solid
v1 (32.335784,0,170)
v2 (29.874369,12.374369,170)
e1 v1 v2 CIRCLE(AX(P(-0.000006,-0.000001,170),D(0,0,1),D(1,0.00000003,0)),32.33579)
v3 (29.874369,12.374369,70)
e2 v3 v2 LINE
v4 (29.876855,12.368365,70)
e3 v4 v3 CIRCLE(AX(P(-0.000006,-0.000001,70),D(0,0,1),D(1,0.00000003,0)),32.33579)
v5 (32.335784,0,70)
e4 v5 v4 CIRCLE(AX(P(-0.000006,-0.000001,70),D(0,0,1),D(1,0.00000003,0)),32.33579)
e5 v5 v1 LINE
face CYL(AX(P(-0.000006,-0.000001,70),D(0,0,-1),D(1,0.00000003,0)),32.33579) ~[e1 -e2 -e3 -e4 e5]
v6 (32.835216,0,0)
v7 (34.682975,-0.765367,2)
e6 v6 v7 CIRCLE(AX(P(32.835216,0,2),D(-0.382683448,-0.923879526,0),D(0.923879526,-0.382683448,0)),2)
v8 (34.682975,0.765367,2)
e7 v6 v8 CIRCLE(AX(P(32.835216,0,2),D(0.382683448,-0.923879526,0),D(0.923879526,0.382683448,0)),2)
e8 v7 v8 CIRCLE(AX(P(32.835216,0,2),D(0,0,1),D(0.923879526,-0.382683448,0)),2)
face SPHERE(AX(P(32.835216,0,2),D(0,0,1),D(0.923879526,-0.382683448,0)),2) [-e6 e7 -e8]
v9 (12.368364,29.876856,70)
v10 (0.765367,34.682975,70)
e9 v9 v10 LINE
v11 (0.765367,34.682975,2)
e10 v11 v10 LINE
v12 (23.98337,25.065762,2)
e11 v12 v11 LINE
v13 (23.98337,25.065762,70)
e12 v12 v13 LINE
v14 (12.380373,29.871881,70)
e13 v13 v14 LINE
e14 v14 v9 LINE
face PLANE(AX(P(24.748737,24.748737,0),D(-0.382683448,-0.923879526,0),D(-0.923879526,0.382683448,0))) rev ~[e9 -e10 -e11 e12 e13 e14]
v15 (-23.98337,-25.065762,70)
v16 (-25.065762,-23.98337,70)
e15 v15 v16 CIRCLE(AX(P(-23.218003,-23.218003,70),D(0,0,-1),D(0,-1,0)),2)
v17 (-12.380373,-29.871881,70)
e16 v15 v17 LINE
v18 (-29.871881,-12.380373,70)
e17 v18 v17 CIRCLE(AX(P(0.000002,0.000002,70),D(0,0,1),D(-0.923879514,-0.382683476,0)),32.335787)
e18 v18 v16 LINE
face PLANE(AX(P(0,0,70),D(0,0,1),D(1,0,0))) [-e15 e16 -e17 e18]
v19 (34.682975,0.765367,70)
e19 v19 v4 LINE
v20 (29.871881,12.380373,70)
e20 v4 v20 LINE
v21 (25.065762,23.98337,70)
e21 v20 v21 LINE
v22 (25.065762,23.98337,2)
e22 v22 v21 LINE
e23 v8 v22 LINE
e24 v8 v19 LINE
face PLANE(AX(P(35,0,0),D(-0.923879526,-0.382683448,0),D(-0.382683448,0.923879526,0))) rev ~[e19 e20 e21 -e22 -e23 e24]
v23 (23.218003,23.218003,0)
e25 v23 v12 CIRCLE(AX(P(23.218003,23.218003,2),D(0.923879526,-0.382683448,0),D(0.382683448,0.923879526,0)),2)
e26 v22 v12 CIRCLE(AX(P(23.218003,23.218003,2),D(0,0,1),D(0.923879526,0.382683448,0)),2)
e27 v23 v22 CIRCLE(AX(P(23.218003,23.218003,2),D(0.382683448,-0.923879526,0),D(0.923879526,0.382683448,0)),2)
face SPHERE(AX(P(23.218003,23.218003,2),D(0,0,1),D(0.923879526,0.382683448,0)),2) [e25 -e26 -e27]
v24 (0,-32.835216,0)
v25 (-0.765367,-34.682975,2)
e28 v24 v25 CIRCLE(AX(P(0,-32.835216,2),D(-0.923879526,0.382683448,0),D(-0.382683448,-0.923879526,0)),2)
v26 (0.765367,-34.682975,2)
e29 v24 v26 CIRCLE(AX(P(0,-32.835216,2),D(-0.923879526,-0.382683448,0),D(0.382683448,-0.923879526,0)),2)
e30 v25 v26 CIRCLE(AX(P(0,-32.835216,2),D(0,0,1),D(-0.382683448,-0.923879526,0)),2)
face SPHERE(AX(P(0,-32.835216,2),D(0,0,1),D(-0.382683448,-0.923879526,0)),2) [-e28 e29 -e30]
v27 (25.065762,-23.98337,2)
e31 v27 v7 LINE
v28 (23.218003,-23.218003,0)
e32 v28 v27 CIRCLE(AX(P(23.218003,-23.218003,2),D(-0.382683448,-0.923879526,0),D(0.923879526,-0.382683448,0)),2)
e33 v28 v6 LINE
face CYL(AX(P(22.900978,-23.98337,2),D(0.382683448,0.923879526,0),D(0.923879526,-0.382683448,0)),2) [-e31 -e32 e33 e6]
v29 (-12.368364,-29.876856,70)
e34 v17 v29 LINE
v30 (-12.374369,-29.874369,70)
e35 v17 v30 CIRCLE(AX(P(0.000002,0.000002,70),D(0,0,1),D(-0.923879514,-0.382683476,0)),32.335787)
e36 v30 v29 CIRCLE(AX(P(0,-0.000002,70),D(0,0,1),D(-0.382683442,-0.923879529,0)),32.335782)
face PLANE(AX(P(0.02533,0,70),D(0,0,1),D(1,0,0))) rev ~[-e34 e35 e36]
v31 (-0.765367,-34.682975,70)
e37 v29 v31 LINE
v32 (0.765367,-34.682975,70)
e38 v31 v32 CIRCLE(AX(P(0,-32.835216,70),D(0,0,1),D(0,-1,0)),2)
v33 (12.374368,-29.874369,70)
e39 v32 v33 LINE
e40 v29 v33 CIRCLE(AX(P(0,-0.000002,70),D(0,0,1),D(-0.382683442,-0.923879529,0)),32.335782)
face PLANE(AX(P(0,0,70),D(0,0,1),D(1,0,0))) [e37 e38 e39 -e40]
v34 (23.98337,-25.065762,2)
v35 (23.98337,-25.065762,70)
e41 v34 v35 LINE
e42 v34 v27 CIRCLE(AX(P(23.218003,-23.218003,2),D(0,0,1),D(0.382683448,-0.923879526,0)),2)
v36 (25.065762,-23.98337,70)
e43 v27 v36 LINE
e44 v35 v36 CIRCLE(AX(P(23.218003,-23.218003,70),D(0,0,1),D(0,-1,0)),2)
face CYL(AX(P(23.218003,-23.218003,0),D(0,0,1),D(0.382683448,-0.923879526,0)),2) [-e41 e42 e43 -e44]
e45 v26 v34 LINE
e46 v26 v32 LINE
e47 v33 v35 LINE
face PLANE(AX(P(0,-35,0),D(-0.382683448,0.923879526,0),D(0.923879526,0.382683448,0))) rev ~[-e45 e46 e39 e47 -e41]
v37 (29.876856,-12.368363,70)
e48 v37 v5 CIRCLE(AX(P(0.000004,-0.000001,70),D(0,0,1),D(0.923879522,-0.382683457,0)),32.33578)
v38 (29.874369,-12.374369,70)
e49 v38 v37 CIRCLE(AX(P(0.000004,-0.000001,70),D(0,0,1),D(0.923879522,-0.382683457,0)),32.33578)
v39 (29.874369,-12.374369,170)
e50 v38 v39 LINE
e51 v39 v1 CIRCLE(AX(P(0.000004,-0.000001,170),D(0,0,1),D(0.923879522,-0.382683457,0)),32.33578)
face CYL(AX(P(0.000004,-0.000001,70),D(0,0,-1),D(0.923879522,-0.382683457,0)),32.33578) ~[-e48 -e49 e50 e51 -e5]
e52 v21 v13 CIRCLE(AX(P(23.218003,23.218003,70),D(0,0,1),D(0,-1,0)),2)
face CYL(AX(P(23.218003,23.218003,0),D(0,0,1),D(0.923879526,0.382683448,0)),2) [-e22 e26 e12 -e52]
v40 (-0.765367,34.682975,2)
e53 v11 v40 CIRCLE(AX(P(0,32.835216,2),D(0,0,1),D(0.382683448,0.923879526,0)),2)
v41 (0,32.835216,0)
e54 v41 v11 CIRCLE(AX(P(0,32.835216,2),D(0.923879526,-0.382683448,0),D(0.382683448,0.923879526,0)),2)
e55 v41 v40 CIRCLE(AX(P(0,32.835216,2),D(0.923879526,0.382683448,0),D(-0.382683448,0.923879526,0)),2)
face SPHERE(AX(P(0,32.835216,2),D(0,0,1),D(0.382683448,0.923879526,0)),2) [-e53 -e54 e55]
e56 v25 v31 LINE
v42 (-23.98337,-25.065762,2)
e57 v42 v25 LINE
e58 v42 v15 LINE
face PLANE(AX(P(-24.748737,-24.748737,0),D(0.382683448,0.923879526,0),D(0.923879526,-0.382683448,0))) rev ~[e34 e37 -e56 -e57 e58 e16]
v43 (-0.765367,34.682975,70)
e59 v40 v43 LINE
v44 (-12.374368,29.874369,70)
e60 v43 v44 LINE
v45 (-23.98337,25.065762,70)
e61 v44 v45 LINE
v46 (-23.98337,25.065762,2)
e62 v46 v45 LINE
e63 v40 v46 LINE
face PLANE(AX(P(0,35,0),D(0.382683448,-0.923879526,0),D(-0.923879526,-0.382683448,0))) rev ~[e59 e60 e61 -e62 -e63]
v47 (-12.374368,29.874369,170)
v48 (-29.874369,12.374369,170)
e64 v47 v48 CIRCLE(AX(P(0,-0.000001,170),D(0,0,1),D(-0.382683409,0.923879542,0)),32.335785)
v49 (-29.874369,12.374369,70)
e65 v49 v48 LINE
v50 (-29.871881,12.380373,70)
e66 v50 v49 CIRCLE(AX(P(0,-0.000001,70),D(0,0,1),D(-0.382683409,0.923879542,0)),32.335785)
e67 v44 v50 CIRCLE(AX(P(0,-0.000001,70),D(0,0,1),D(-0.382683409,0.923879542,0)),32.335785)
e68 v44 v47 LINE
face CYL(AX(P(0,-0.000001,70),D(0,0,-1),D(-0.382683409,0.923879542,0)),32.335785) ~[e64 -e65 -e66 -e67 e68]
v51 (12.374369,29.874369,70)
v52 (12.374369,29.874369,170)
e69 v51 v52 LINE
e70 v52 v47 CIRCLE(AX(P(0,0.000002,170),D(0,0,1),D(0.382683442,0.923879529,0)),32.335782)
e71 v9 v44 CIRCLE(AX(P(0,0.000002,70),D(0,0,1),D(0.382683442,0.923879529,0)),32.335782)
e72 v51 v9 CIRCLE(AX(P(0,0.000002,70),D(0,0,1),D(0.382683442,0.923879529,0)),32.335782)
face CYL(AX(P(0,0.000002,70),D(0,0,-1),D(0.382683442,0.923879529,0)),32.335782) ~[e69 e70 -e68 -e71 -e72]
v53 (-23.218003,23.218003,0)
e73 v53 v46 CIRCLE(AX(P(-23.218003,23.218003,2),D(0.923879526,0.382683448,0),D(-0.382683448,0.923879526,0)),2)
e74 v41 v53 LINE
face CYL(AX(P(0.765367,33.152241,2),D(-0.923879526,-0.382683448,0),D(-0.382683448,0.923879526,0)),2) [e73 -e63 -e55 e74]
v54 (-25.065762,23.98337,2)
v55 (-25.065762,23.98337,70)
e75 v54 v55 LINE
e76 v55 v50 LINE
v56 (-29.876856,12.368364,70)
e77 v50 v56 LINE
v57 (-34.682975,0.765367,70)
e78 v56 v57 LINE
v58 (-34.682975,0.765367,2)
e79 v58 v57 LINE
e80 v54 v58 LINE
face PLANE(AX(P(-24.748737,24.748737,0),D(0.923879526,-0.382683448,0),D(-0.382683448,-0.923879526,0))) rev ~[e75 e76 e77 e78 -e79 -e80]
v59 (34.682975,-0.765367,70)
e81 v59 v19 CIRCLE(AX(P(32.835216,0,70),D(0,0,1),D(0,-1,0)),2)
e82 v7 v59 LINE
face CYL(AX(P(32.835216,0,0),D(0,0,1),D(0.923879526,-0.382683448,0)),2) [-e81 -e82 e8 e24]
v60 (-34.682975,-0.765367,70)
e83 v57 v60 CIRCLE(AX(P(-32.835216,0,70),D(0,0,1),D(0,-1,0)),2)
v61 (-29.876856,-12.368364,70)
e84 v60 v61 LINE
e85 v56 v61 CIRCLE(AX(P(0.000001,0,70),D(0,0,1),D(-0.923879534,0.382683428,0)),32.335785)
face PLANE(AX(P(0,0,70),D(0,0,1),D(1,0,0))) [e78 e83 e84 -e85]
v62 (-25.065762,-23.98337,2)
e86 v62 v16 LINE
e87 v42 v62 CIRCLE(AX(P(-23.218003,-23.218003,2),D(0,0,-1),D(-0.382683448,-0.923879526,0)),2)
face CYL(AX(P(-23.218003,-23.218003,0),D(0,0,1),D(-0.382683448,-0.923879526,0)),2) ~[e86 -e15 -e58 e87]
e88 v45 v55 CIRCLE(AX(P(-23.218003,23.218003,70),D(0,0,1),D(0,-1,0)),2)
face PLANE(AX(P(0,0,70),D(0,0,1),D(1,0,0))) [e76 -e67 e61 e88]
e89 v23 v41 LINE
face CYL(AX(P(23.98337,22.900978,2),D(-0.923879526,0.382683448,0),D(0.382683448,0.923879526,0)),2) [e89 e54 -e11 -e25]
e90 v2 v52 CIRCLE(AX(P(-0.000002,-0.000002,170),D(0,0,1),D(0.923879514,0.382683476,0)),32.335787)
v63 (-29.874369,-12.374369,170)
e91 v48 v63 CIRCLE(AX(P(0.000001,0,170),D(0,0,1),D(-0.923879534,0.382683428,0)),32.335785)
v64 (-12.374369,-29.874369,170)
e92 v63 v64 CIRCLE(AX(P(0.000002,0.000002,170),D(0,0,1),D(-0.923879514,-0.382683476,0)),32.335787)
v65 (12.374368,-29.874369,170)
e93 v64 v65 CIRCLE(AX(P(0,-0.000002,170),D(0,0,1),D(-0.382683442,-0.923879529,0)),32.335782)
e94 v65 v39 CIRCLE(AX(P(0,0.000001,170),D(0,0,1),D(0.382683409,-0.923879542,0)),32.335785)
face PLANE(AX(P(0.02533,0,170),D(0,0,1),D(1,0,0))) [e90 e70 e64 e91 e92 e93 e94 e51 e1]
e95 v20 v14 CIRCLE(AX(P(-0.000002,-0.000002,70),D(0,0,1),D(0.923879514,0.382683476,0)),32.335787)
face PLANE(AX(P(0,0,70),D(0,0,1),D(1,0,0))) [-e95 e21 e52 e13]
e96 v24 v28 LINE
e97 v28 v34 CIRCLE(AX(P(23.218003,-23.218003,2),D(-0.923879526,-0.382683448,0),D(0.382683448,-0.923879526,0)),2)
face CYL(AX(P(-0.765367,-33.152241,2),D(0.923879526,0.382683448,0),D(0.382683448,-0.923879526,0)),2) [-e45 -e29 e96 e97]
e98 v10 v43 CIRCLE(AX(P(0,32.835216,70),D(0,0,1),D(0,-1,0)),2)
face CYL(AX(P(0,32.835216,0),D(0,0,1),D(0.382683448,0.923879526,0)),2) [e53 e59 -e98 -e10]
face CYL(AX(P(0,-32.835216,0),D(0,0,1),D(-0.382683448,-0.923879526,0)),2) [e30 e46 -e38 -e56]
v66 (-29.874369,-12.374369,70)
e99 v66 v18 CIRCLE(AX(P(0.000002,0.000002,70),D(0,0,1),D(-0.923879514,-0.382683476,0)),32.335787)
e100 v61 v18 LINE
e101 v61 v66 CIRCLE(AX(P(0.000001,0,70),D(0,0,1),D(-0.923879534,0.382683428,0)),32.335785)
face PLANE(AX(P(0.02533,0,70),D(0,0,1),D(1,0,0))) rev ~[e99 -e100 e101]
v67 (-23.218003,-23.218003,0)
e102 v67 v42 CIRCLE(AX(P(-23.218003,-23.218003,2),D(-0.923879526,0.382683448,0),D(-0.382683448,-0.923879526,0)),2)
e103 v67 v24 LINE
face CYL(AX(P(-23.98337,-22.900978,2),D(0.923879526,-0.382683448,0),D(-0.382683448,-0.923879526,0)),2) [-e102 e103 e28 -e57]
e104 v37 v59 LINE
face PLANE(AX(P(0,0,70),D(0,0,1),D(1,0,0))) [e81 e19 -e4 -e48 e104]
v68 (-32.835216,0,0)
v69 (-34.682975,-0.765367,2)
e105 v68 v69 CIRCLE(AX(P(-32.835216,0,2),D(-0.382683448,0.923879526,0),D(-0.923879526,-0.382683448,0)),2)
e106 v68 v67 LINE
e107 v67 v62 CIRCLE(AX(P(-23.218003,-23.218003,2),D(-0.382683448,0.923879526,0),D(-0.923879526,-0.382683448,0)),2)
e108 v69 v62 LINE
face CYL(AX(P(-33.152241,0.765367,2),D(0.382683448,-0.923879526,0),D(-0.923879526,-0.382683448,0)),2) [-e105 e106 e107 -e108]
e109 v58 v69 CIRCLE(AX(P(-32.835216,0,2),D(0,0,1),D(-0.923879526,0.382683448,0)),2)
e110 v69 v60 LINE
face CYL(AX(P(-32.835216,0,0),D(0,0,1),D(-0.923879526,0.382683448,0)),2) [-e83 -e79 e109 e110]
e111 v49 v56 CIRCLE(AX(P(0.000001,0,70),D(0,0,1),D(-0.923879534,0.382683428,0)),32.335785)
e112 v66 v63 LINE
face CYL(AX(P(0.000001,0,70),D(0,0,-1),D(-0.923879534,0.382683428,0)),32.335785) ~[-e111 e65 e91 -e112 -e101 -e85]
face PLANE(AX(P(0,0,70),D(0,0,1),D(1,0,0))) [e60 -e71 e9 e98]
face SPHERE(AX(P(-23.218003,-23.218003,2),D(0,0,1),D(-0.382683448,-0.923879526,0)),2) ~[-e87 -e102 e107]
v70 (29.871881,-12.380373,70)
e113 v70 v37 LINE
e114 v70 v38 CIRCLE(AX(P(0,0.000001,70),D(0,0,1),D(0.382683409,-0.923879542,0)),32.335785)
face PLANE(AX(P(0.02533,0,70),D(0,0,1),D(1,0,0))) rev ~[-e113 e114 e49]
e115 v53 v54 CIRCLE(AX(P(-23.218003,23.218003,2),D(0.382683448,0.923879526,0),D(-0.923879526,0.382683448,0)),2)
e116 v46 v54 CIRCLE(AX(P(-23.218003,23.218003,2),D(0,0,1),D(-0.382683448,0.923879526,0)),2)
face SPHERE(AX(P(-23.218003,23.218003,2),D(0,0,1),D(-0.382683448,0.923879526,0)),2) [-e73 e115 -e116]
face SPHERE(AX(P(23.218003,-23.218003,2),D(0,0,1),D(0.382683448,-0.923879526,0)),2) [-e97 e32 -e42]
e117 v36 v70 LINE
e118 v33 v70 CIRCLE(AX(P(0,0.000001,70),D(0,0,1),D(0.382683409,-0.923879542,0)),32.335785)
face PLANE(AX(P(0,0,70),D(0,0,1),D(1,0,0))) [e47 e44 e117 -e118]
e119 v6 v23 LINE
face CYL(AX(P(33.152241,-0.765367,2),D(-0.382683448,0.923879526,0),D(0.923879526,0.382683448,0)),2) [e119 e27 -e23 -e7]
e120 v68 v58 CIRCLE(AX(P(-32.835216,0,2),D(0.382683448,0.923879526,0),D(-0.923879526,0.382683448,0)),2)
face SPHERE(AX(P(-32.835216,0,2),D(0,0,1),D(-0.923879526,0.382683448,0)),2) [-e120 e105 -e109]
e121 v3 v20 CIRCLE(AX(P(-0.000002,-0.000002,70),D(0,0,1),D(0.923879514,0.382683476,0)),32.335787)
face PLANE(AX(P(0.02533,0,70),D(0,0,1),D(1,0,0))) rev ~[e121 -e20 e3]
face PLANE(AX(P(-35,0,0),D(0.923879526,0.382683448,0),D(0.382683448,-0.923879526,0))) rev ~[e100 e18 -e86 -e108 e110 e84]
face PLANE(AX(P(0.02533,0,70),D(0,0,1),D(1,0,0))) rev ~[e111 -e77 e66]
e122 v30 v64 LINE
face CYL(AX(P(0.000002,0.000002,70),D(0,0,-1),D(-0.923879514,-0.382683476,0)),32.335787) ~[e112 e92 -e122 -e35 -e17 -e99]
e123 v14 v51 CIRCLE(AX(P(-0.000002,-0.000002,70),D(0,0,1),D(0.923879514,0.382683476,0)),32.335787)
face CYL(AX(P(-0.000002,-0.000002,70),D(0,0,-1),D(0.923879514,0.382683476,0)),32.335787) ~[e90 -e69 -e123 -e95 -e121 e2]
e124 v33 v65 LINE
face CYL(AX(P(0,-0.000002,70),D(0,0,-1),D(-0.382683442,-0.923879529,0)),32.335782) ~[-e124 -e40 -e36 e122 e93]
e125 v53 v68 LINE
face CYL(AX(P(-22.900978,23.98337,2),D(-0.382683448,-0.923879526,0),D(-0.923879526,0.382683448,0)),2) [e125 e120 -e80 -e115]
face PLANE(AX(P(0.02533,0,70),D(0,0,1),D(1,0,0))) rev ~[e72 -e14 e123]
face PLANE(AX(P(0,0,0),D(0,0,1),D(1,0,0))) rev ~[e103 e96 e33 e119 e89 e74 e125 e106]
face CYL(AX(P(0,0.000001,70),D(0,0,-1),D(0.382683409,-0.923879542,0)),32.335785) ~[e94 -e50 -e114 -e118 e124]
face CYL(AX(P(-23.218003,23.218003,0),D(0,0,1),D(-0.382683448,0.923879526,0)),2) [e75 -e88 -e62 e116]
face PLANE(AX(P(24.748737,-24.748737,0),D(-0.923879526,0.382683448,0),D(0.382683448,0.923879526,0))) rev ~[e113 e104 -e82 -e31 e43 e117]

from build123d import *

# Parameters (mm, degrees)
F1_DEPTH = 70
F2_R     = 2
F4_DEPTH = 100


with BuildPart() as f1:
    # F0 (on Top) → F1 (new body)
    with BuildSketch(Plane.XY):
        Polygon((-24.748737, -24.748737), (0, -35), (24.748737, -24.748737), (35, 0), (24.748737, 24.748737), (0, 35), (-24.748737, 24.748737), (-35, 0), align=None)
    extrude(amount=F1_DEPTH)

    # F2
    f2_edges = [f1.edges().sort_by_distance(p)[0] for p in [
        (0, -35, 35),
        (-24.748737, -24.748737, 35),
        (24.748737, -24.748737, 35),
        (35, 0, 35),
        (24.748737, 24.748737, 35),
        (0, 35, 35),
        (-24.748737, 24.748737, 35),
        (-35, 0, 35),
        (-12.374369, -29.874369, 0),
        (12.374369, -29.874369, 0),
        (29.874369, -12.374369, 0),
        (29.874369, 12.374369, 0),
        (12.374369, 29.874369, 0),
        (-12.374369, 29.874369, 0),
        (-29.874369, 12.374369, 0),
        (-29.874369, -12.374369, 0),
    ]]
    fillet(f2_edges, radius=F2_R)

    # F3 (on face) → F4 (join)
    with BuildSketch(Plane.XY.offset(70)):
        with BuildLine():
            ThreePointArc((29.874369, -12.374369), (31.714461, -6.308399), (32.335784, 0))
            ThreePointArc((32.335784, 0), (31.714461, 6.308398), (29.874369, 12.374369))
            ThreePointArc((29.874369, 12.374369), (22.864852, 22.864852), (12.374369, 29.874369))
            ThreePointArc((12.374369, 29.874369), (0, 32.335784), (-12.374368, 29.874369))
            ThreePointArc((-12.374368, 29.874369), (-22.864852, 22.864852), (-29.874369, 12.374369))
            ThreePointArc((-29.874369, 12.374369), (-32.335784, 0), (-29.874369, -12.374369))
            ThreePointArc((-29.874369, -12.374369), (-22.864852, -22.864852), (-12.374369, -29.874369))
            ThreePointArc((-12.374369, -29.874369), (0, -32.335784), (12.374368, -29.874369))
            ThreePointArc((12.374368, -29.874369), (22.864852, -22.864852), (29.874369, -12.374369))
        make_face()
    extrude(amount=F4_DEPTH)


solid = f1.part
